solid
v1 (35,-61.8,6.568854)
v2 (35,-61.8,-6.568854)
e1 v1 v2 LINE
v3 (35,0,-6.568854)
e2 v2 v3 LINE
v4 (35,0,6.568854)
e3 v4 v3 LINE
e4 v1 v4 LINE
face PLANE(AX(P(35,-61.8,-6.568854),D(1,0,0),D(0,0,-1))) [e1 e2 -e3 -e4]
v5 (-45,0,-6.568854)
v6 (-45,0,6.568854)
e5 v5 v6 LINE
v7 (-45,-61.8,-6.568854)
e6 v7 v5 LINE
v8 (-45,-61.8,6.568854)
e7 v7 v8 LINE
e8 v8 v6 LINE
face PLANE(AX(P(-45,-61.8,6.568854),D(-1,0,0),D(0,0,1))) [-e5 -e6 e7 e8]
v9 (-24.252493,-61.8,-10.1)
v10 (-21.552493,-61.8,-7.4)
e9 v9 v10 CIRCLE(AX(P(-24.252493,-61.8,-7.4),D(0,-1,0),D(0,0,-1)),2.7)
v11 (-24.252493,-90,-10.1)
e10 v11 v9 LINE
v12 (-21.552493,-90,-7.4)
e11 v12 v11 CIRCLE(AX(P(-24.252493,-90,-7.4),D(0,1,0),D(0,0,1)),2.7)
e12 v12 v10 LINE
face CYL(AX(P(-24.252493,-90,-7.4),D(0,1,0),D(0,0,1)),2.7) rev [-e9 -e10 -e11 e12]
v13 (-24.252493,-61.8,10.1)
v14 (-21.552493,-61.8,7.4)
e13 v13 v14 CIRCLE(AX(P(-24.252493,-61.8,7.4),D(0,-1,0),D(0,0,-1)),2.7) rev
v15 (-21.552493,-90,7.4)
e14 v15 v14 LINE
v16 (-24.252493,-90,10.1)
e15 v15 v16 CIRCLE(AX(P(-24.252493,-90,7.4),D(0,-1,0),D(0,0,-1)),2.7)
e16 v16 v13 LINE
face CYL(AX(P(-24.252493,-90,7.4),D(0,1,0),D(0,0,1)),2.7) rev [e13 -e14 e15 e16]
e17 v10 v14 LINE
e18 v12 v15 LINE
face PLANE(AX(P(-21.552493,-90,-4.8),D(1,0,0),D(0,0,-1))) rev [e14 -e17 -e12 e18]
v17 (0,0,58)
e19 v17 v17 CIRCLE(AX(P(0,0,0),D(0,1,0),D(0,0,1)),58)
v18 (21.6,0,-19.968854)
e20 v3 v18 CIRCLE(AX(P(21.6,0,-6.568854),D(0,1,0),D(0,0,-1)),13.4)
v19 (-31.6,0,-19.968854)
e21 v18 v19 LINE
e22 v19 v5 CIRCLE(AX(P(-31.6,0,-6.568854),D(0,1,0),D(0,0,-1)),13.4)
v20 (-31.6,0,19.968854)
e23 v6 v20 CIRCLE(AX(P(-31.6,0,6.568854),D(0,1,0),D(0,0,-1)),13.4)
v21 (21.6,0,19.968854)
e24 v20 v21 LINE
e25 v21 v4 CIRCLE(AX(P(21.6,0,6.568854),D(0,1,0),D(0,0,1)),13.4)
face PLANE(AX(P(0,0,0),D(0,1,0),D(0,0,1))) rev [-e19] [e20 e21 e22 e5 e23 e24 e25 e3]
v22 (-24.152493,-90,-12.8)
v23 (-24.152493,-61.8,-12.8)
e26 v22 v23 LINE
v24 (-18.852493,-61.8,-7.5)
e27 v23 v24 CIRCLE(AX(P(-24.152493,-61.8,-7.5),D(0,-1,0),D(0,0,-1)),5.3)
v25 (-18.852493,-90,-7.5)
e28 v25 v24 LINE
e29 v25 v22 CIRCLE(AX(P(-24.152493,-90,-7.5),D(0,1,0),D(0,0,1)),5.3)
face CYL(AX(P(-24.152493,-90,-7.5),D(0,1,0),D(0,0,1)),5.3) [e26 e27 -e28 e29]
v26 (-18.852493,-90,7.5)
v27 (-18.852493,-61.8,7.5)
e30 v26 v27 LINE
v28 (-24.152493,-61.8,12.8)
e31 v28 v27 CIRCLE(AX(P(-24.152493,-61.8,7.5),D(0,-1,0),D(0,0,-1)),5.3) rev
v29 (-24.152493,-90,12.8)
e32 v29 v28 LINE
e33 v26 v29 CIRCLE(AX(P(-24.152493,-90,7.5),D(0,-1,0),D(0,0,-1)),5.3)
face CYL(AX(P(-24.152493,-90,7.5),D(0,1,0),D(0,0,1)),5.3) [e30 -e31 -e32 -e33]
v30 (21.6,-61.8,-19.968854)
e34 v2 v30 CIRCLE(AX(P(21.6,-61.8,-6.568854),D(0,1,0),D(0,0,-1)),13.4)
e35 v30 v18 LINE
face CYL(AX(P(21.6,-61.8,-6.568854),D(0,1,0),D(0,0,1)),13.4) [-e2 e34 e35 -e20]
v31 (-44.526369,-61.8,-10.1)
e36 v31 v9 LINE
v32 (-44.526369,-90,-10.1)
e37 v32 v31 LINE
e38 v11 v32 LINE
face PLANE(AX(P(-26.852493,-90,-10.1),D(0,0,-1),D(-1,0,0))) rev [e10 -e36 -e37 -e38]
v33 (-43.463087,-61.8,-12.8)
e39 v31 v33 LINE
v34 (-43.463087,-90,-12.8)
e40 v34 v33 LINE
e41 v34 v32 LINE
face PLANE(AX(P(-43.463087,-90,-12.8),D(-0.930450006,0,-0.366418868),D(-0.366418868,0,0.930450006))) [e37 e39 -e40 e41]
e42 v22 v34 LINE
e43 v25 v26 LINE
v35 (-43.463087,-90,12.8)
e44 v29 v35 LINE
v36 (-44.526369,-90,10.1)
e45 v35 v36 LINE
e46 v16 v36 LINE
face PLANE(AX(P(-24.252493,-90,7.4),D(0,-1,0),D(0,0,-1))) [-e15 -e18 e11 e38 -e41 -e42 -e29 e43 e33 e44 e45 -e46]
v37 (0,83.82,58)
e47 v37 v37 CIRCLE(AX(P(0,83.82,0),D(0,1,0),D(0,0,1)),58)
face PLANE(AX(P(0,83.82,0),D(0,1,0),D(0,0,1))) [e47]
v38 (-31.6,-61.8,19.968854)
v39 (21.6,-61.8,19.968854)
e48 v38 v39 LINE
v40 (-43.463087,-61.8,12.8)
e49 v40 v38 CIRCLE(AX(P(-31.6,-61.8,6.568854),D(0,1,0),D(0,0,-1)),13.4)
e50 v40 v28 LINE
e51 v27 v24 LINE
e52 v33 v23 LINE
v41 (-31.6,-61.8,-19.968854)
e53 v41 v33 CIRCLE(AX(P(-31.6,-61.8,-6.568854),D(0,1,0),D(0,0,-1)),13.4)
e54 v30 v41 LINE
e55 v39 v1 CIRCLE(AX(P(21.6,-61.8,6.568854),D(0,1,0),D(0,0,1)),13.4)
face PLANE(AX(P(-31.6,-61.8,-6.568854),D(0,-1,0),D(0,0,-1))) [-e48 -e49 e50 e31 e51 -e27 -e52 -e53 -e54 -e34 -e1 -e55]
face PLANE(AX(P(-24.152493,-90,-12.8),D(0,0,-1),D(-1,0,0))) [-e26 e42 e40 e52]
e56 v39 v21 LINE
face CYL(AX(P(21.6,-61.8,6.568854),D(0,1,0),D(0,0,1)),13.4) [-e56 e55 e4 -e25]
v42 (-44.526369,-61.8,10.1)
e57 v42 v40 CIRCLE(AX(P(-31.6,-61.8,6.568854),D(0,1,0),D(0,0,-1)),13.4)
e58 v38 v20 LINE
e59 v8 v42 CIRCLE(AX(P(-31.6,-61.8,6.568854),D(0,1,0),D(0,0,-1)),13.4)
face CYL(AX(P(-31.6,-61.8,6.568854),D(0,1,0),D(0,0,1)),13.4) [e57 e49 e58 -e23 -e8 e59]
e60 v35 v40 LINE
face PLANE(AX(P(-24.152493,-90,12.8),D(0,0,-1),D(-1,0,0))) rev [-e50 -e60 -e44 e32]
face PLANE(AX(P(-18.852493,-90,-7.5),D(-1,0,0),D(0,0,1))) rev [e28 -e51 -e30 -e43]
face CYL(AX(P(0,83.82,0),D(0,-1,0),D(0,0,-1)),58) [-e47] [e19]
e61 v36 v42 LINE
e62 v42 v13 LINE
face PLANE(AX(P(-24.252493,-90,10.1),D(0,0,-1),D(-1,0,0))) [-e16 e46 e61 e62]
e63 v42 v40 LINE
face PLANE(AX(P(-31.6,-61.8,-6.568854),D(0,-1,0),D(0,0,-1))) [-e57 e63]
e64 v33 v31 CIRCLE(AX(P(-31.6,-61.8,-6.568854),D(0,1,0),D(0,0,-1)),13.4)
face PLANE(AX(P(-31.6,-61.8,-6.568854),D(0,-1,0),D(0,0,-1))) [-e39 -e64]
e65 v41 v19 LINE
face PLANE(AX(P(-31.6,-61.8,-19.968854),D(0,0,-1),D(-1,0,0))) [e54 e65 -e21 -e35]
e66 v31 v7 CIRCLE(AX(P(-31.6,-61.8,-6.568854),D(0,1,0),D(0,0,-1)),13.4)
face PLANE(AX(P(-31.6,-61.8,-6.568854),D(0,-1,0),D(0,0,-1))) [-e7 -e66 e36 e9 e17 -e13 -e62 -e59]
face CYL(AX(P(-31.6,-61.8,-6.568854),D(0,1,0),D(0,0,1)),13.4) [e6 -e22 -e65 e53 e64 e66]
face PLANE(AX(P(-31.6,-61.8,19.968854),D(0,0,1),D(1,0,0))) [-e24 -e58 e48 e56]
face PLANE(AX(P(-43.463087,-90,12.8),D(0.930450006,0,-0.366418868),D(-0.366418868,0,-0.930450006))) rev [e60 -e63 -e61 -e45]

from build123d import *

# Parameters (mm, degrees)
SKETCH1_R           = 58
BOSS_EXTRUDE1_DEPTH = 83.82
BOSS_EXTRUDE2_DEPTH = 61.8
BOSS_EXTRUDE3_DEPTH = 90


with BuildPart() as part:
    # Sketch1 → Boss-Extrude1 (new body)
    with BuildSketch(Plane(origin=(0, 0, 0), x_dir=(1, 0, 0), z_dir=(0, 1, 0))):
        Circle(SKETCH1_R)
    extrude(amount=BOSS_EXTRUDE1_DEPTH)

    # Sketch2 → Boss-Extrude2 (add)
    with BuildSketch(Plane(origin=(0, 0, 0), x_dir=(1, 0, 0), z_dir=(0, 1, 0))):
        with BuildLine():
            Line((-45, -6.568854261), (-45, 6.568854261))
            ThreePointArc((-45, 6.568854261), (-41.075230868, 16.044085129), (-31.6, 19.968854261))
            Line((-31.6, 19.968854261), (21.6, 19.968854261))
            ThreePointArc((21.6, 19.968854261), (31.075230868, 16.044085129), (35, 6.568854261))
            Line((35, 6.568854261), (35, -6.568854261))
            ThreePointArc((35, -6.568854261), (31.075230868, -16.044085129), (21.6, -19.968854261))
            Line((21.6, -19.968854261), (-31.6, -19.968854261))
            ThreePointArc((-31.6, -19.968854261), (-41.075230868, -16.044085129), (-45, -6.568854261))
        make_face()
    extrude(amount=-BOSS_EXTRUDE2_DEPTH)

    # Sketch3 → Boss-Extrude3 (add)
    with BuildSketch(Plane(origin=(0, 0, 0), x_dir=(1, 0, 0), z_dir=(0, 1, 0))):
        with BuildLine():
            Line((-21.552493426, -4.8), (-21.552493426, 4.8))
            Line((-21.552493426, 4.8), (-21.552493426, 7.4))
            ThreePointArc((-21.552493426, 7.4), (-22.343305117, 9.309188309), (-24.252493426, 10.1))
            Line((-24.252493426, 10.1), (-26.852493426, 10.1))
            Line((-26.852493426, 10.1), (-44.526368777, 10.1))
            Line((-44.526368777, 10.1), (-43.463086562, 12.8))
            Line((-43.463086562, 12.8), (-24.152493426, 12.8))
            ThreePointArc((-24.152493426, 12.8), (-20.404827486, 11.24766594), (-18.852493426, 7.5))
            Line((-18.852493426, 7.5), (-18.852493426, -7.5))
            ThreePointArc((-18.852493426, -7.5), (-20.404827486, -11.24766594), (-24.152493426, -12.8))
            Line((-24.152493426, -12.8), (-40.189232196, -12.8))
            Line((-40.189232196, -12.8), (-43.463086562, -12.8))
            Line((-43.463086562, -12.8), (-44.526368777, -10.1))
            Line((-44.526368777, -10.1), (-26.852493426, -10.1))
            Line((-26.852493426, -10.1), (-24.252493426, -10.1))
            ThreePointArc((-24.252493426, -10.1), (-22.343305117, -9.309188309), (-21.552493426, -7.4))
            Line((-21.552493426, -7.4), (-21.552493426, -4.8))
        make_face()
    extrude(amount=-BOSS_EXTRUDE3_DEPTH)


solid = part.part
